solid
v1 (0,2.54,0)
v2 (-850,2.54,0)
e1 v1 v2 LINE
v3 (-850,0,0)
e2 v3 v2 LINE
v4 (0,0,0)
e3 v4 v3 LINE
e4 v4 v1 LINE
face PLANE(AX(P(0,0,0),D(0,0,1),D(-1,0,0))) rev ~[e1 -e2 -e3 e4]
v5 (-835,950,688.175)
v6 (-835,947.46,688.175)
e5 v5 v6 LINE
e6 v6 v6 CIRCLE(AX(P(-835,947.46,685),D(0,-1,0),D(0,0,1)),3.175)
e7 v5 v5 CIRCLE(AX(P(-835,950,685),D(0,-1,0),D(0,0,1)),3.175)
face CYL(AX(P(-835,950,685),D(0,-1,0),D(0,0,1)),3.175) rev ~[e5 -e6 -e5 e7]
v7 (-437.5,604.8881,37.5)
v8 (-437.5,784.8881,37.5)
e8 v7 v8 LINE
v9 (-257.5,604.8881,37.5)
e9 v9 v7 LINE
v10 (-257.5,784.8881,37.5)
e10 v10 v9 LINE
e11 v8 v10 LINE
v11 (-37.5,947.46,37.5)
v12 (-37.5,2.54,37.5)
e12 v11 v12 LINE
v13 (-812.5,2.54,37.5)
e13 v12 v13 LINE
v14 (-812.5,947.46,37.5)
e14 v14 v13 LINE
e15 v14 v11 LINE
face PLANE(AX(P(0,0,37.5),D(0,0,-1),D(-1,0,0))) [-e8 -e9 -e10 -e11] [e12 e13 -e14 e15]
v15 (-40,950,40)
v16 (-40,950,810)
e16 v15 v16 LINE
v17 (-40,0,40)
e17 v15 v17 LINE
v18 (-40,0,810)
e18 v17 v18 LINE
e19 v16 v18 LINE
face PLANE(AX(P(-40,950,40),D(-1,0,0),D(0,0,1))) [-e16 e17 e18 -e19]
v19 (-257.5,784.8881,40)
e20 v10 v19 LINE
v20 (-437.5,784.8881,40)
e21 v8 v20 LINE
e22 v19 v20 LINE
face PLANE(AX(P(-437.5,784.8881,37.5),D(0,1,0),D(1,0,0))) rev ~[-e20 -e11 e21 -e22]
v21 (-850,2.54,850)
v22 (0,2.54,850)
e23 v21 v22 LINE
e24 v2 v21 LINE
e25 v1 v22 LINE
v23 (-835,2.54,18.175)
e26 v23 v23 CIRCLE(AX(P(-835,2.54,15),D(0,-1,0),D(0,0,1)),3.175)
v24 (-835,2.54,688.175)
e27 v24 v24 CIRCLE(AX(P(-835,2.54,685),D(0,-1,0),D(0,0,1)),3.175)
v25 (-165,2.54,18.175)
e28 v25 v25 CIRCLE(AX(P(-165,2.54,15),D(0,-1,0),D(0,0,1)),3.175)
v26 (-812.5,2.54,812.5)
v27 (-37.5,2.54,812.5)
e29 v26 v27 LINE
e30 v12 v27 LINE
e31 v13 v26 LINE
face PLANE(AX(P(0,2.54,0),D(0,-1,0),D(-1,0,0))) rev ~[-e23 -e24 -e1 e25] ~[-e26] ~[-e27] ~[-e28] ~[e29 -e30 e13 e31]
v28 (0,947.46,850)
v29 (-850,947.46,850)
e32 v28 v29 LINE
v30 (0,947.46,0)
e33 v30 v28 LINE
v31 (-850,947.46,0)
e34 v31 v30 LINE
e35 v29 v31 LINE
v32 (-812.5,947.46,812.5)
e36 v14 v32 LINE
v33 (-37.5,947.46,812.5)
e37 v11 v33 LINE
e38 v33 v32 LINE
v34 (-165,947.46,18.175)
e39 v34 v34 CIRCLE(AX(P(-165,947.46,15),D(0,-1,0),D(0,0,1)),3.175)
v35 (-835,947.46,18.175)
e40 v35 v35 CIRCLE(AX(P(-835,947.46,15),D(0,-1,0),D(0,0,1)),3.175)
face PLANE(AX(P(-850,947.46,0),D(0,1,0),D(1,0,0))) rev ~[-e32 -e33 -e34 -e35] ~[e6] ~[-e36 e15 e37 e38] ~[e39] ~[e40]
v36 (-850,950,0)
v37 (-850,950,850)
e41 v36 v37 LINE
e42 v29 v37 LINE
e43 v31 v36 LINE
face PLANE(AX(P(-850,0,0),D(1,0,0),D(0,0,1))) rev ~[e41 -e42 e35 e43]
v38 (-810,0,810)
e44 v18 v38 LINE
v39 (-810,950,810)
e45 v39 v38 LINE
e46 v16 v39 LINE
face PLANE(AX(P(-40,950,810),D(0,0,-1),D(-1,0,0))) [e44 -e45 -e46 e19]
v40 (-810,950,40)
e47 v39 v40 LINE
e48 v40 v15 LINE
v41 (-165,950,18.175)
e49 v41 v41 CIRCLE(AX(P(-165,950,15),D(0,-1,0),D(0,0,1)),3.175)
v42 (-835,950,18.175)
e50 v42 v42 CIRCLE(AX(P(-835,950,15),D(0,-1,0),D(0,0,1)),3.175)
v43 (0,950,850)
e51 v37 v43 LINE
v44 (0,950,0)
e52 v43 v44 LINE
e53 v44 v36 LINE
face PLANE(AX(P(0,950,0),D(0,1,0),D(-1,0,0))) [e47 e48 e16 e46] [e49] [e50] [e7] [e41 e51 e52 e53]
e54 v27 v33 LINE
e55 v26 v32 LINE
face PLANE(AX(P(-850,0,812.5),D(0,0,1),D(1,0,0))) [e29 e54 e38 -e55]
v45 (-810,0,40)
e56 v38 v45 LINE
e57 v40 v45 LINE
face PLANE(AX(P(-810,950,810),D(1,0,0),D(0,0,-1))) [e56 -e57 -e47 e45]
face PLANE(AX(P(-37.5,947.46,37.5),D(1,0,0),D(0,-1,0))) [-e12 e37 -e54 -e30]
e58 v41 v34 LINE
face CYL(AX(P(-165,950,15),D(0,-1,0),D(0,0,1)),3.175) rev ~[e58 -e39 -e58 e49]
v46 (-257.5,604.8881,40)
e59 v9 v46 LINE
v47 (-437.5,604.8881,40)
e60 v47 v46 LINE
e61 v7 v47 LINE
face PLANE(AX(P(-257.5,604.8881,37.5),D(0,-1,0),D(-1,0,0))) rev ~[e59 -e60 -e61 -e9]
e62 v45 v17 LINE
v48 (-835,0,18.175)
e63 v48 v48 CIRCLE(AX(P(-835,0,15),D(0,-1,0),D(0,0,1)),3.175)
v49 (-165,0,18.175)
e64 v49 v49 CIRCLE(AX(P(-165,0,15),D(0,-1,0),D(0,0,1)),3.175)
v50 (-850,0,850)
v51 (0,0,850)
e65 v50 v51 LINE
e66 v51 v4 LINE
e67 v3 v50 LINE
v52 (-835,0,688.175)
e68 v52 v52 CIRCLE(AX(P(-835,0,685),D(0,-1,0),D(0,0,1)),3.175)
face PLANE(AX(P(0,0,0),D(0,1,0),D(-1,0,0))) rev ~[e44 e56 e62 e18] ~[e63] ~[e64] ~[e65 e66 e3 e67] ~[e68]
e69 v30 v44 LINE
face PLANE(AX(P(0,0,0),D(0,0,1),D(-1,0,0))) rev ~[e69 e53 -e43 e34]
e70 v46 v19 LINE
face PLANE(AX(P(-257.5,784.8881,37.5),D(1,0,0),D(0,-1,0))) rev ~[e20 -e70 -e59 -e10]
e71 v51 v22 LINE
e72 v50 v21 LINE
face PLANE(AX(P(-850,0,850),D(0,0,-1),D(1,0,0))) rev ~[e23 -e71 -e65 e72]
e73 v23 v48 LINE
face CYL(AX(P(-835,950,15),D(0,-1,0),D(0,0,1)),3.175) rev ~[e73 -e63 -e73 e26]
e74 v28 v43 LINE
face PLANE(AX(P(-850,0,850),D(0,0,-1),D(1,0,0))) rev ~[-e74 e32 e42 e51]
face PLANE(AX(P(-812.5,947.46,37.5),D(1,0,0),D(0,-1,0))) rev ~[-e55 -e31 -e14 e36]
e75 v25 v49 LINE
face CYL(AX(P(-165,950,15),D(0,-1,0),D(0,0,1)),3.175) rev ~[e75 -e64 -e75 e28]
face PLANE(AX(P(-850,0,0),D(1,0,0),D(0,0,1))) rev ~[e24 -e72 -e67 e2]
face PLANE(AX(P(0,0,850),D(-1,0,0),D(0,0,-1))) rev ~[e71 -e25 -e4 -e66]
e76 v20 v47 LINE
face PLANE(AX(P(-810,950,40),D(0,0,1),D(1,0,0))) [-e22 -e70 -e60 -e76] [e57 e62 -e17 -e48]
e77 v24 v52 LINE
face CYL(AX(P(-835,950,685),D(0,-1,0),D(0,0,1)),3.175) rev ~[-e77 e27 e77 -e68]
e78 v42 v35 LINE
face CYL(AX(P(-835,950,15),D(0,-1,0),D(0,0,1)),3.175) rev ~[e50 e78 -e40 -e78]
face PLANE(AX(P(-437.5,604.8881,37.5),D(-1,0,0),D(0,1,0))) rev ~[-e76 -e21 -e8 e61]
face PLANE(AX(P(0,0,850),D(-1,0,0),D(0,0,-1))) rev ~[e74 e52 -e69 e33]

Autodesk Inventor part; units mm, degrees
ref_plane "YZ Plane" through (0, 0, 0) normal (1, 0, 0) x (0, 1, 0)
ref_plane "XZ Plane" through (0, 0, 0) normal (0, 1, 0) x (-1, 0, 0)
ref_plane "XY Plane" through (0, 0, 0) normal (0, 0, 1) x (1, 0, 0)
sketch "Sketch1" plane through (0, 0, 0) normal (0, 1, 0) x (-1, 0, 0)
  line L0 (0, 0) -> (850, 0)
  line L1 (850, 0) -> (850, 850)
  line L2 (850, 850) -> (0, 850)
  line L3 (0, 850) -> (0, 0)
  dimension "d0" = 850
  dimension "d1" = 850
extrude "Extrusion1" add sketch "Sketch1" along normal blind 950
sketch "Sketch2" plane through (0, 950, 0) normal (0, 1, 0) x (1, 0, 0)
  line L0 (0, 0) -> (-850, 0) projected
  line L1 (-850, 0) -> (-850, -850) projected
  line L2 (-850, -850) -> (0, -850) projected
  line L3 (0, -850) -> (0, 0) projected
  line L4 (-810, -40) -> (-40, -40)
  line L5 (-40, -40) -> (-40, -810)
  line L6 (-40, -810) -> (-810, -810)
  line L7 (-810, -810) -> (-810, -40)
  dimension "d4" = 40
extrude "Extrusion2" cut sketch "Sketch2" against normal blind 1000 contours L4 L5 L6 L7
sketch "Sketch3" plane through (-850, 0, 850) normal (0, 0, 1) x (1, 0, 0)
  line L0 (0, 0) -> (850, 0) projected
  line L1 (850, 0) -> (850, 950) projected
  line L2 (0, 950) -> (850, 950) projected
  line L3 (0, 0) -> (0, 950) projected
  line L4 (0, 2.54) -> (850, 2.54)
  line L5 (850, 2.54) -> (850, 947.46)
  line L6 (850, 947.46) -> (0, 947.46)
  line L7 (0, 947.46) -> (0, 2.54)
  dimension "d7" = 2.54
  dimension "d8" = 2.54
extrude "Extrusion3" cut sketch "Sketch3" against normal blind 37.5 contours L3 L6 L1 L4
sketch "Sketch4" plane through (0, 0, 0) normal (0, 0, -1) x (-1, 0, 0)
  line L0 (0, 0) -> (850, 0) projected
  line L1 (850, 0) -> (850, 950) projected
  line L2 (0, 950) -> (850, 950) projected
  line L3 (0, 0) -> (0, 950) projected
  line L4 (0, 2.54) -> (850, 2.54)
  line L5 (850, 2.54) -> (850, 947.46)
  line L6 (850, 947.46) -> (0, 947.46)
  line L7 (0, 947.46) -> (0, 2.54)
  dimension "d11" = 2.54
  dimension "d12" = 2.54
extrude "Extrusion4" cut sketch "Sketch4" against normal blind 37.5 contours L3 L6 L1 L4
sketch "Sketch5" plane through (0, 0, 37.5) normal (0, 0, -1) x (-1, 0, 0)
  line L0 (850, 2.54) -> (0, 2.54) projected
  line L1 (0, 947.46) -> (37.5, 947.46)
  line L2 (37.5, 947.46) -> (37.5, 2.54)
  line L3 (37.5, 2.54) -> (0, 2.54)
  line L4 (0, 2.54) -> (0, 947.46)
  line L5 (850, 947.46) -> (812.5, 947.46)
  line L6 (812.5, 947.46) -> (812.5, 2.54)
  line L7 (812.5, 2.54) -> (850, 2.54)
  line L8 (850, 2.54) -> (850, 947.46)
  point P0 (0, 0)
  dimension "d15" = 37.5
  dimension "d16" = 37.5
extrude "Extrusion5" cut sketch "Sketch5" against normal blind 1000
sketch "Sketch6" plane through (0, 950, 0) normal (0, 1, 0) x (1, 0, 0)
  line L0 (0, 0) -> (-850, 0) projected
  line L1 (-850, 0) -> (-850, -850) projected
  circle A0 centre (-835, -15) radius 5.0825
  point P0 (-165, -15)
  point P1 (-835, -685)
  point P2 (-165, -685)
  dimension "d19" = 15
  dimension "d20" = 15
  dimension "d23" = 670
  dimension "d26" = 670
hole "Hole1" at (-835, 950, 685) at (-835, 950, 15) at (-165, 950, 15) at (-165, 950, 685) direction (0, -1, 0) diameter 6.35 end through all
sketch "Sketch7" plane through (0, 0, 37.5) normal (0, 0, -1) x (-1, 0, 0)
  line L0 (37.5, 947.46) -> (37.5, 2.54) projected
  line L1 (257.5, 604.8881) -> (437.5, 604.8881)
  line L2 (437.5, 604.8881) -> (437.5, 784.8881)
  line L3 (437.5, 784.8881) -> (257.5, 784.8881)
  line L4 (257.5, 784.8881) -> (257.5, 604.8881)
  point P0 (0, 0)
  dimension "d36" = 220
  dimension "d37" = 180
  dimension "d38" = 180
extrude "Extrusion6" cut sketch "Sketch7" against normal blind 10
properties part number "housing" material "Aluminum 6061"
